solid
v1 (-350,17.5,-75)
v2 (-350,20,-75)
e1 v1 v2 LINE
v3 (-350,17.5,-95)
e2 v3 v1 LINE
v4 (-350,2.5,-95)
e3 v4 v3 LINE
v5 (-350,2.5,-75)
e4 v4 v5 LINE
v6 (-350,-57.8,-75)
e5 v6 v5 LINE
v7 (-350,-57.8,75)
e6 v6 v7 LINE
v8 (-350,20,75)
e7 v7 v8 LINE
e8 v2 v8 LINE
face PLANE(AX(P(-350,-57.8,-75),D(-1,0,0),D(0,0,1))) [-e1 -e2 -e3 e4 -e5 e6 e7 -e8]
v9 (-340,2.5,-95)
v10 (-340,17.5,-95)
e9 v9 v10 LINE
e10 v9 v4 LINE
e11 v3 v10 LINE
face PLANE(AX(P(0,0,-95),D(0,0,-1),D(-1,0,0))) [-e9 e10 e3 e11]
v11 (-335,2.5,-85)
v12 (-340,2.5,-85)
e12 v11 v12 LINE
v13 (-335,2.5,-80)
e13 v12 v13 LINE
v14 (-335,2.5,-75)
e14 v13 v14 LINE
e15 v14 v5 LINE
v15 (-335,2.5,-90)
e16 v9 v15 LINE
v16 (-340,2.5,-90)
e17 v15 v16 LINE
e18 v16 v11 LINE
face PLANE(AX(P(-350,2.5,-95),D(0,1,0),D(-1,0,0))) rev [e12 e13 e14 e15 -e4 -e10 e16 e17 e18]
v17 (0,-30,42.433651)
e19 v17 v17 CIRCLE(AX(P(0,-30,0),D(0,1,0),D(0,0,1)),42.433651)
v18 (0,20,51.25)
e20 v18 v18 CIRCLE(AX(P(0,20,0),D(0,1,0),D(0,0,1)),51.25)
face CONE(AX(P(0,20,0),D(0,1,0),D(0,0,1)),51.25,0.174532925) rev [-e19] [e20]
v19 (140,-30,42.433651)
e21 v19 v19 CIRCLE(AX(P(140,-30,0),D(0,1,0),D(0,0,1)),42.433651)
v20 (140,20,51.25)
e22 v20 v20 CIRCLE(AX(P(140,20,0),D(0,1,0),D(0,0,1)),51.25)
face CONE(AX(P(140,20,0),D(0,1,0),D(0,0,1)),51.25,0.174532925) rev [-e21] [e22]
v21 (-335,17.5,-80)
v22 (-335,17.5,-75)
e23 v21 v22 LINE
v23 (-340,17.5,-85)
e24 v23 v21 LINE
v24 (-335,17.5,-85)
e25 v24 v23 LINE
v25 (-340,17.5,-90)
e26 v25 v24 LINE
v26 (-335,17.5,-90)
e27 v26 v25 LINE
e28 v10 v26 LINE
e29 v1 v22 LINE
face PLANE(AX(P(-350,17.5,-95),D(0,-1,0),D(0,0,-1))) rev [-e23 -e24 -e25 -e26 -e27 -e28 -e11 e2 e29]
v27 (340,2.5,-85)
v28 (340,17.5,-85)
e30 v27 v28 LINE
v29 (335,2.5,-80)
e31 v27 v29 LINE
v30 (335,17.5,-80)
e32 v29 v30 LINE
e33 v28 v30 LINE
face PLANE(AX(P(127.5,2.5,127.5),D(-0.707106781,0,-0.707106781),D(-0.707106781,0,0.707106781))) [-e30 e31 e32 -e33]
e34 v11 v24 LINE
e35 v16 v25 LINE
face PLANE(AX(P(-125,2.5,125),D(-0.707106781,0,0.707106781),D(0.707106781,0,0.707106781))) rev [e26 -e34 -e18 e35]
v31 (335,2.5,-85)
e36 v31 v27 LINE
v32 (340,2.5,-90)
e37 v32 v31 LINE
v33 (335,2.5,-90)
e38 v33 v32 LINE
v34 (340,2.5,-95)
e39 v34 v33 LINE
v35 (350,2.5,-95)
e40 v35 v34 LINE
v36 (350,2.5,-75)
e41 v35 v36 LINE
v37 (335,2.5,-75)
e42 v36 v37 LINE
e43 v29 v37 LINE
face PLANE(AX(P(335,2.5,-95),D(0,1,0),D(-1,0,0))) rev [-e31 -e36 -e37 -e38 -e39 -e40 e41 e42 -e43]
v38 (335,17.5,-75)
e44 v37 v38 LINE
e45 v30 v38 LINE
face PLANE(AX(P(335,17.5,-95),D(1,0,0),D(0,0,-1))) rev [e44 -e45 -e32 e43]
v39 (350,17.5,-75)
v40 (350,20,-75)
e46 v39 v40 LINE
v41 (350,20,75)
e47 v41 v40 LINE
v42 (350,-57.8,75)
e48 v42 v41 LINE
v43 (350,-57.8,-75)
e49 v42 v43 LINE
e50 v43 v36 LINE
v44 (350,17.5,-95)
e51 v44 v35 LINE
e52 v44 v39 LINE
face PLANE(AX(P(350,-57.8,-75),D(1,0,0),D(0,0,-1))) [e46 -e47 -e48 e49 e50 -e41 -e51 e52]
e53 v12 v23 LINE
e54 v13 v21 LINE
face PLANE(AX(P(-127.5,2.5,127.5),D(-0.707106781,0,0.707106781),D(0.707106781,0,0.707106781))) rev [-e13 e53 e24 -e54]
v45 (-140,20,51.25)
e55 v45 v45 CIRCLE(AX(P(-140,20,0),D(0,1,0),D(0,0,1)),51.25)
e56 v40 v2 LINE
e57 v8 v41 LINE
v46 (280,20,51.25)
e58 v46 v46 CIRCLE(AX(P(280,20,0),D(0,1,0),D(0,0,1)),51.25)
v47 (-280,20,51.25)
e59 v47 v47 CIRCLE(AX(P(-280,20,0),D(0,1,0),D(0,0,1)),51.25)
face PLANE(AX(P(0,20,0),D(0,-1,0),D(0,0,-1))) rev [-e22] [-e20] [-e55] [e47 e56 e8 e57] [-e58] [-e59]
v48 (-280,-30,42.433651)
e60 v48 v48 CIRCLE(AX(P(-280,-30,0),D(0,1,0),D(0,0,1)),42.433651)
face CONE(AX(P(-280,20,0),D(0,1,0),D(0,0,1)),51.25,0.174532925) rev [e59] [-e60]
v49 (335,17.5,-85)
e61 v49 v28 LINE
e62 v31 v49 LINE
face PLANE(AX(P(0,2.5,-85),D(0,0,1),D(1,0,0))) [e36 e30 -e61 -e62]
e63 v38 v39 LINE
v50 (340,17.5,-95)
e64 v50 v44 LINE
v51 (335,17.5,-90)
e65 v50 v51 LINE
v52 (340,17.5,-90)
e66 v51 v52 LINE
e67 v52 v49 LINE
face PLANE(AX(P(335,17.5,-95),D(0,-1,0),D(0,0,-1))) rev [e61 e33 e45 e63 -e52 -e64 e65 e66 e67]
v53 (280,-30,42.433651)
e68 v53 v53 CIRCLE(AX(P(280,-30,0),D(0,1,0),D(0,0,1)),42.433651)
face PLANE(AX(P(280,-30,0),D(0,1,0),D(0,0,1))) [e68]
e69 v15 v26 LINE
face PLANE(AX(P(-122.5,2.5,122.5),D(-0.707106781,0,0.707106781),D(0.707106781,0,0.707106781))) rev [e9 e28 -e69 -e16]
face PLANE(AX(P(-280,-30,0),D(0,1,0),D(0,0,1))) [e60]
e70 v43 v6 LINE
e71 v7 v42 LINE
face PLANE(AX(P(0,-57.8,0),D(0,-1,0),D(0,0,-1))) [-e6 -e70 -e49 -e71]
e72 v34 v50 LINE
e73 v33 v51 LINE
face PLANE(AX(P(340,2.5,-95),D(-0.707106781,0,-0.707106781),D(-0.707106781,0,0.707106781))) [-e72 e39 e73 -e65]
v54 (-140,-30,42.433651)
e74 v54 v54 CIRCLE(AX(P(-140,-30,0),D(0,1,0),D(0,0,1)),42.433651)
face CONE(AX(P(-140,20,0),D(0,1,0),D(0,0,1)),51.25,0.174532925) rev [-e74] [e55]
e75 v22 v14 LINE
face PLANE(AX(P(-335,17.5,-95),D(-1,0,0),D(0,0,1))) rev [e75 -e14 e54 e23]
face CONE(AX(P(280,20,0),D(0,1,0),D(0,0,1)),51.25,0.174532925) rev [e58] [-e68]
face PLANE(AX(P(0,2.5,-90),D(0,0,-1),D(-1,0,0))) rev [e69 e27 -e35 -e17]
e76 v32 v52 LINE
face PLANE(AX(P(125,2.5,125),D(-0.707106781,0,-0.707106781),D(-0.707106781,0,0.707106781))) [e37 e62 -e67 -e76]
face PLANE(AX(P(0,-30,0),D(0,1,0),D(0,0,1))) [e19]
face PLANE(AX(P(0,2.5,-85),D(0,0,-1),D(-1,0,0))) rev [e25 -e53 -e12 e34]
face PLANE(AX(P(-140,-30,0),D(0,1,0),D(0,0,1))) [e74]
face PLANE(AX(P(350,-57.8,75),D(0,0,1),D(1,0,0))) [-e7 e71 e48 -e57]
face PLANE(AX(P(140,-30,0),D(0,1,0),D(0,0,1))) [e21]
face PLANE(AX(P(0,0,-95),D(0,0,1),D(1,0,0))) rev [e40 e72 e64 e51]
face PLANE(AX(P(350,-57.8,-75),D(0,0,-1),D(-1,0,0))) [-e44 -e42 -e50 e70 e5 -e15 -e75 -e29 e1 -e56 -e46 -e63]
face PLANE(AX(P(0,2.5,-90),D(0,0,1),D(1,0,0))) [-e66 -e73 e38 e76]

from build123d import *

# Parameters (mm, degrees)
SKETCH1_W                = 700
SKETCH1_H                = 150
BOSS_EXTRUDE1_DEPTH      = 20
BOSS_EXTRUDE1_DEPTH_BACK = 57.8
SKETCH3_W                = 15
SKETCH3_H                = 15
BOSS_EXTRUDE2_DEPTH      = 20
CUT_EXTRUDE1_DEPTH       = 15
CUT_EXTRUDE2_DEPTH       = 15
SKETCH6_R                = 51.25
CUT_EXTRUDE3_DEPTH       = 50
CUT_EXTRUDE3_TAPER       = 10
SKETCH7_R                = 51.25
CUT_EXTRUDE4_DEPTH       = 50
CUT_EXTRUDE4_TAPER       = 10
SKETCH8_R                = 51.25
CUT_EXTRUDE5_DEPTH       = 50
CUT_EXTRUDE5_TAPER       = 10
SKETCH9_R                = 51.25
CUT_EXTRUDE6_DEPTH       = 50
CUT_EXTRUDE6_TAPER       = 10
SKETCH10_R               = 51.25
CUT_EXTRUDE7_DEPTH       = 50
CUT_EXTRUDE7_TAPER       = 10


with BuildPart() as part:
    # Sketch1 → Boss-Extrude1 (new body, two sides)
    with BuildSketch(Plane(origin=(0, 0, 0), x_dir=(1, 0, 0), z_dir=(0, 1, 0))) as boss_extrude1_sk:
        Rectangle(SKETCH1_W, SKETCH1_H)
    extrude(amount=BOSS_EXTRUDE1_DEPTH)
    extrude(boss_extrude1_sk.sketch, amount=-BOSS_EXTRUDE1_DEPTH_BACK)

    # Sketch3 → Boss-Extrude2 (add)
    with BuildSketch(Plane(origin=(0, 0, -75), x_dir=(-1, 0, 0), z_dir=(0, 0, -1))):
        with Locations((-342.5, 10)):
            Rectangle(SKETCH3_W, SKETCH3_H)
        with Locations((342.5, 10)):
            Rectangle(SKETCH3_W, SKETCH3_H)
    extrude(amount=BOSS_EXTRUDE2_DEPTH)

    # Sketch4 → Cut-Extrude1 (cut)
    with BuildSketch(Plane(origin=(0, 17.5, 0), x_dir=(1, 0, 0), z_dir=(0, 1, 0))):
        Polygon((340, 90), (335, 90), (335, 85), align=None)
        Polygon((340, 85), (335, 85), (335, 80), align=None)
        Polygon((335, 95), (335, 90), (340, 95), align=None)
    extrude(amount=-CUT_EXTRUDE1_DEPTH, mode=Mode.SUBTRACT)

    # Sketch5 → Cut-Extrude2 (cut)
    with BuildSketch(Plane(origin=(0, 17.5, 0), x_dir=(1, 0, 0), z_dir=(0, 1, 0))):
        Polygon((-335, 85), (-335, 90), (-340, 90), align=None)
        Polygon((-335, 90), (-335, 95), (-340, 95), align=None)
        Polygon((-335, 80), (-335, 85), (-340, 85), align=None)
    extrude(amount=-CUT_EXTRUDE2_DEPTH, mode=Mode.SUBTRACT)

    # Sketch6 → Cut-Extrude3 (cut)
    with BuildSketch(Plane(origin=(0, 20, 0), x_dir=(1, 0, 0), z_dir=(0, 1, 0))):
        Circle(SKETCH6_R)
    extrude(amount=-CUT_EXTRUDE3_DEPTH, taper=CUT_EXTRUDE3_TAPER, mode=Mode.SUBTRACT)

    # Sketch7 → Cut-Extrude4 (cut)
    with BuildSketch(Plane(origin=(0, 20, 0), x_dir=(1, 0, 0), z_dir=(0, 1, 0))):
        with Locations((140, 0)):
            Circle(SKETCH7_R)
    extrude(amount=-CUT_EXTRUDE4_DEPTH, taper=CUT_EXTRUDE4_TAPER, mode=Mode.SUBTRACT)

    # Sketch8 → Cut-Extrude5 (cut)
    with BuildSketch(Plane(origin=(0, 20, 0), x_dir=(1, 0, 0), z_dir=(0, 1, 0))):
        with Locations((280, 0)):
            Circle(SKETCH8_R)
    extrude(amount=-CUT_EXTRUDE5_DEPTH, taper=CUT_EXTRUDE5_TAPER, mode=Mode.SUBTRACT)

    # Sketch9 → Cut-Extrude6 (cut)
    with BuildSketch(Plane(origin=(0, 20, 0), x_dir=(1, 0, 0), z_dir=(0, 1, 0))):
        with Locations((-140, 0)):
            Circle(SKETCH9_R)
    extrude(amount=-CUT_EXTRUDE6_DEPTH, taper=CUT_EXTRUDE6_TAPER, mode=Mode.SUBTRACT)

    # Sketch10 → Cut-Extrude7 (cut)
    with BuildSketch(Plane(origin=(0, 20, 0), x_dir=(1, 0, 0), z_dir=(0, 1, 0))):
        with Locations((-280, 0)):
            Circle(SKETCH10_R)
    extrude(amount=-CUT_EXTRUDE7_DEPTH, taper=CUT_EXTRUDE7_TAPER, mode=Mode.SUBTRACT)


solid = part.part
